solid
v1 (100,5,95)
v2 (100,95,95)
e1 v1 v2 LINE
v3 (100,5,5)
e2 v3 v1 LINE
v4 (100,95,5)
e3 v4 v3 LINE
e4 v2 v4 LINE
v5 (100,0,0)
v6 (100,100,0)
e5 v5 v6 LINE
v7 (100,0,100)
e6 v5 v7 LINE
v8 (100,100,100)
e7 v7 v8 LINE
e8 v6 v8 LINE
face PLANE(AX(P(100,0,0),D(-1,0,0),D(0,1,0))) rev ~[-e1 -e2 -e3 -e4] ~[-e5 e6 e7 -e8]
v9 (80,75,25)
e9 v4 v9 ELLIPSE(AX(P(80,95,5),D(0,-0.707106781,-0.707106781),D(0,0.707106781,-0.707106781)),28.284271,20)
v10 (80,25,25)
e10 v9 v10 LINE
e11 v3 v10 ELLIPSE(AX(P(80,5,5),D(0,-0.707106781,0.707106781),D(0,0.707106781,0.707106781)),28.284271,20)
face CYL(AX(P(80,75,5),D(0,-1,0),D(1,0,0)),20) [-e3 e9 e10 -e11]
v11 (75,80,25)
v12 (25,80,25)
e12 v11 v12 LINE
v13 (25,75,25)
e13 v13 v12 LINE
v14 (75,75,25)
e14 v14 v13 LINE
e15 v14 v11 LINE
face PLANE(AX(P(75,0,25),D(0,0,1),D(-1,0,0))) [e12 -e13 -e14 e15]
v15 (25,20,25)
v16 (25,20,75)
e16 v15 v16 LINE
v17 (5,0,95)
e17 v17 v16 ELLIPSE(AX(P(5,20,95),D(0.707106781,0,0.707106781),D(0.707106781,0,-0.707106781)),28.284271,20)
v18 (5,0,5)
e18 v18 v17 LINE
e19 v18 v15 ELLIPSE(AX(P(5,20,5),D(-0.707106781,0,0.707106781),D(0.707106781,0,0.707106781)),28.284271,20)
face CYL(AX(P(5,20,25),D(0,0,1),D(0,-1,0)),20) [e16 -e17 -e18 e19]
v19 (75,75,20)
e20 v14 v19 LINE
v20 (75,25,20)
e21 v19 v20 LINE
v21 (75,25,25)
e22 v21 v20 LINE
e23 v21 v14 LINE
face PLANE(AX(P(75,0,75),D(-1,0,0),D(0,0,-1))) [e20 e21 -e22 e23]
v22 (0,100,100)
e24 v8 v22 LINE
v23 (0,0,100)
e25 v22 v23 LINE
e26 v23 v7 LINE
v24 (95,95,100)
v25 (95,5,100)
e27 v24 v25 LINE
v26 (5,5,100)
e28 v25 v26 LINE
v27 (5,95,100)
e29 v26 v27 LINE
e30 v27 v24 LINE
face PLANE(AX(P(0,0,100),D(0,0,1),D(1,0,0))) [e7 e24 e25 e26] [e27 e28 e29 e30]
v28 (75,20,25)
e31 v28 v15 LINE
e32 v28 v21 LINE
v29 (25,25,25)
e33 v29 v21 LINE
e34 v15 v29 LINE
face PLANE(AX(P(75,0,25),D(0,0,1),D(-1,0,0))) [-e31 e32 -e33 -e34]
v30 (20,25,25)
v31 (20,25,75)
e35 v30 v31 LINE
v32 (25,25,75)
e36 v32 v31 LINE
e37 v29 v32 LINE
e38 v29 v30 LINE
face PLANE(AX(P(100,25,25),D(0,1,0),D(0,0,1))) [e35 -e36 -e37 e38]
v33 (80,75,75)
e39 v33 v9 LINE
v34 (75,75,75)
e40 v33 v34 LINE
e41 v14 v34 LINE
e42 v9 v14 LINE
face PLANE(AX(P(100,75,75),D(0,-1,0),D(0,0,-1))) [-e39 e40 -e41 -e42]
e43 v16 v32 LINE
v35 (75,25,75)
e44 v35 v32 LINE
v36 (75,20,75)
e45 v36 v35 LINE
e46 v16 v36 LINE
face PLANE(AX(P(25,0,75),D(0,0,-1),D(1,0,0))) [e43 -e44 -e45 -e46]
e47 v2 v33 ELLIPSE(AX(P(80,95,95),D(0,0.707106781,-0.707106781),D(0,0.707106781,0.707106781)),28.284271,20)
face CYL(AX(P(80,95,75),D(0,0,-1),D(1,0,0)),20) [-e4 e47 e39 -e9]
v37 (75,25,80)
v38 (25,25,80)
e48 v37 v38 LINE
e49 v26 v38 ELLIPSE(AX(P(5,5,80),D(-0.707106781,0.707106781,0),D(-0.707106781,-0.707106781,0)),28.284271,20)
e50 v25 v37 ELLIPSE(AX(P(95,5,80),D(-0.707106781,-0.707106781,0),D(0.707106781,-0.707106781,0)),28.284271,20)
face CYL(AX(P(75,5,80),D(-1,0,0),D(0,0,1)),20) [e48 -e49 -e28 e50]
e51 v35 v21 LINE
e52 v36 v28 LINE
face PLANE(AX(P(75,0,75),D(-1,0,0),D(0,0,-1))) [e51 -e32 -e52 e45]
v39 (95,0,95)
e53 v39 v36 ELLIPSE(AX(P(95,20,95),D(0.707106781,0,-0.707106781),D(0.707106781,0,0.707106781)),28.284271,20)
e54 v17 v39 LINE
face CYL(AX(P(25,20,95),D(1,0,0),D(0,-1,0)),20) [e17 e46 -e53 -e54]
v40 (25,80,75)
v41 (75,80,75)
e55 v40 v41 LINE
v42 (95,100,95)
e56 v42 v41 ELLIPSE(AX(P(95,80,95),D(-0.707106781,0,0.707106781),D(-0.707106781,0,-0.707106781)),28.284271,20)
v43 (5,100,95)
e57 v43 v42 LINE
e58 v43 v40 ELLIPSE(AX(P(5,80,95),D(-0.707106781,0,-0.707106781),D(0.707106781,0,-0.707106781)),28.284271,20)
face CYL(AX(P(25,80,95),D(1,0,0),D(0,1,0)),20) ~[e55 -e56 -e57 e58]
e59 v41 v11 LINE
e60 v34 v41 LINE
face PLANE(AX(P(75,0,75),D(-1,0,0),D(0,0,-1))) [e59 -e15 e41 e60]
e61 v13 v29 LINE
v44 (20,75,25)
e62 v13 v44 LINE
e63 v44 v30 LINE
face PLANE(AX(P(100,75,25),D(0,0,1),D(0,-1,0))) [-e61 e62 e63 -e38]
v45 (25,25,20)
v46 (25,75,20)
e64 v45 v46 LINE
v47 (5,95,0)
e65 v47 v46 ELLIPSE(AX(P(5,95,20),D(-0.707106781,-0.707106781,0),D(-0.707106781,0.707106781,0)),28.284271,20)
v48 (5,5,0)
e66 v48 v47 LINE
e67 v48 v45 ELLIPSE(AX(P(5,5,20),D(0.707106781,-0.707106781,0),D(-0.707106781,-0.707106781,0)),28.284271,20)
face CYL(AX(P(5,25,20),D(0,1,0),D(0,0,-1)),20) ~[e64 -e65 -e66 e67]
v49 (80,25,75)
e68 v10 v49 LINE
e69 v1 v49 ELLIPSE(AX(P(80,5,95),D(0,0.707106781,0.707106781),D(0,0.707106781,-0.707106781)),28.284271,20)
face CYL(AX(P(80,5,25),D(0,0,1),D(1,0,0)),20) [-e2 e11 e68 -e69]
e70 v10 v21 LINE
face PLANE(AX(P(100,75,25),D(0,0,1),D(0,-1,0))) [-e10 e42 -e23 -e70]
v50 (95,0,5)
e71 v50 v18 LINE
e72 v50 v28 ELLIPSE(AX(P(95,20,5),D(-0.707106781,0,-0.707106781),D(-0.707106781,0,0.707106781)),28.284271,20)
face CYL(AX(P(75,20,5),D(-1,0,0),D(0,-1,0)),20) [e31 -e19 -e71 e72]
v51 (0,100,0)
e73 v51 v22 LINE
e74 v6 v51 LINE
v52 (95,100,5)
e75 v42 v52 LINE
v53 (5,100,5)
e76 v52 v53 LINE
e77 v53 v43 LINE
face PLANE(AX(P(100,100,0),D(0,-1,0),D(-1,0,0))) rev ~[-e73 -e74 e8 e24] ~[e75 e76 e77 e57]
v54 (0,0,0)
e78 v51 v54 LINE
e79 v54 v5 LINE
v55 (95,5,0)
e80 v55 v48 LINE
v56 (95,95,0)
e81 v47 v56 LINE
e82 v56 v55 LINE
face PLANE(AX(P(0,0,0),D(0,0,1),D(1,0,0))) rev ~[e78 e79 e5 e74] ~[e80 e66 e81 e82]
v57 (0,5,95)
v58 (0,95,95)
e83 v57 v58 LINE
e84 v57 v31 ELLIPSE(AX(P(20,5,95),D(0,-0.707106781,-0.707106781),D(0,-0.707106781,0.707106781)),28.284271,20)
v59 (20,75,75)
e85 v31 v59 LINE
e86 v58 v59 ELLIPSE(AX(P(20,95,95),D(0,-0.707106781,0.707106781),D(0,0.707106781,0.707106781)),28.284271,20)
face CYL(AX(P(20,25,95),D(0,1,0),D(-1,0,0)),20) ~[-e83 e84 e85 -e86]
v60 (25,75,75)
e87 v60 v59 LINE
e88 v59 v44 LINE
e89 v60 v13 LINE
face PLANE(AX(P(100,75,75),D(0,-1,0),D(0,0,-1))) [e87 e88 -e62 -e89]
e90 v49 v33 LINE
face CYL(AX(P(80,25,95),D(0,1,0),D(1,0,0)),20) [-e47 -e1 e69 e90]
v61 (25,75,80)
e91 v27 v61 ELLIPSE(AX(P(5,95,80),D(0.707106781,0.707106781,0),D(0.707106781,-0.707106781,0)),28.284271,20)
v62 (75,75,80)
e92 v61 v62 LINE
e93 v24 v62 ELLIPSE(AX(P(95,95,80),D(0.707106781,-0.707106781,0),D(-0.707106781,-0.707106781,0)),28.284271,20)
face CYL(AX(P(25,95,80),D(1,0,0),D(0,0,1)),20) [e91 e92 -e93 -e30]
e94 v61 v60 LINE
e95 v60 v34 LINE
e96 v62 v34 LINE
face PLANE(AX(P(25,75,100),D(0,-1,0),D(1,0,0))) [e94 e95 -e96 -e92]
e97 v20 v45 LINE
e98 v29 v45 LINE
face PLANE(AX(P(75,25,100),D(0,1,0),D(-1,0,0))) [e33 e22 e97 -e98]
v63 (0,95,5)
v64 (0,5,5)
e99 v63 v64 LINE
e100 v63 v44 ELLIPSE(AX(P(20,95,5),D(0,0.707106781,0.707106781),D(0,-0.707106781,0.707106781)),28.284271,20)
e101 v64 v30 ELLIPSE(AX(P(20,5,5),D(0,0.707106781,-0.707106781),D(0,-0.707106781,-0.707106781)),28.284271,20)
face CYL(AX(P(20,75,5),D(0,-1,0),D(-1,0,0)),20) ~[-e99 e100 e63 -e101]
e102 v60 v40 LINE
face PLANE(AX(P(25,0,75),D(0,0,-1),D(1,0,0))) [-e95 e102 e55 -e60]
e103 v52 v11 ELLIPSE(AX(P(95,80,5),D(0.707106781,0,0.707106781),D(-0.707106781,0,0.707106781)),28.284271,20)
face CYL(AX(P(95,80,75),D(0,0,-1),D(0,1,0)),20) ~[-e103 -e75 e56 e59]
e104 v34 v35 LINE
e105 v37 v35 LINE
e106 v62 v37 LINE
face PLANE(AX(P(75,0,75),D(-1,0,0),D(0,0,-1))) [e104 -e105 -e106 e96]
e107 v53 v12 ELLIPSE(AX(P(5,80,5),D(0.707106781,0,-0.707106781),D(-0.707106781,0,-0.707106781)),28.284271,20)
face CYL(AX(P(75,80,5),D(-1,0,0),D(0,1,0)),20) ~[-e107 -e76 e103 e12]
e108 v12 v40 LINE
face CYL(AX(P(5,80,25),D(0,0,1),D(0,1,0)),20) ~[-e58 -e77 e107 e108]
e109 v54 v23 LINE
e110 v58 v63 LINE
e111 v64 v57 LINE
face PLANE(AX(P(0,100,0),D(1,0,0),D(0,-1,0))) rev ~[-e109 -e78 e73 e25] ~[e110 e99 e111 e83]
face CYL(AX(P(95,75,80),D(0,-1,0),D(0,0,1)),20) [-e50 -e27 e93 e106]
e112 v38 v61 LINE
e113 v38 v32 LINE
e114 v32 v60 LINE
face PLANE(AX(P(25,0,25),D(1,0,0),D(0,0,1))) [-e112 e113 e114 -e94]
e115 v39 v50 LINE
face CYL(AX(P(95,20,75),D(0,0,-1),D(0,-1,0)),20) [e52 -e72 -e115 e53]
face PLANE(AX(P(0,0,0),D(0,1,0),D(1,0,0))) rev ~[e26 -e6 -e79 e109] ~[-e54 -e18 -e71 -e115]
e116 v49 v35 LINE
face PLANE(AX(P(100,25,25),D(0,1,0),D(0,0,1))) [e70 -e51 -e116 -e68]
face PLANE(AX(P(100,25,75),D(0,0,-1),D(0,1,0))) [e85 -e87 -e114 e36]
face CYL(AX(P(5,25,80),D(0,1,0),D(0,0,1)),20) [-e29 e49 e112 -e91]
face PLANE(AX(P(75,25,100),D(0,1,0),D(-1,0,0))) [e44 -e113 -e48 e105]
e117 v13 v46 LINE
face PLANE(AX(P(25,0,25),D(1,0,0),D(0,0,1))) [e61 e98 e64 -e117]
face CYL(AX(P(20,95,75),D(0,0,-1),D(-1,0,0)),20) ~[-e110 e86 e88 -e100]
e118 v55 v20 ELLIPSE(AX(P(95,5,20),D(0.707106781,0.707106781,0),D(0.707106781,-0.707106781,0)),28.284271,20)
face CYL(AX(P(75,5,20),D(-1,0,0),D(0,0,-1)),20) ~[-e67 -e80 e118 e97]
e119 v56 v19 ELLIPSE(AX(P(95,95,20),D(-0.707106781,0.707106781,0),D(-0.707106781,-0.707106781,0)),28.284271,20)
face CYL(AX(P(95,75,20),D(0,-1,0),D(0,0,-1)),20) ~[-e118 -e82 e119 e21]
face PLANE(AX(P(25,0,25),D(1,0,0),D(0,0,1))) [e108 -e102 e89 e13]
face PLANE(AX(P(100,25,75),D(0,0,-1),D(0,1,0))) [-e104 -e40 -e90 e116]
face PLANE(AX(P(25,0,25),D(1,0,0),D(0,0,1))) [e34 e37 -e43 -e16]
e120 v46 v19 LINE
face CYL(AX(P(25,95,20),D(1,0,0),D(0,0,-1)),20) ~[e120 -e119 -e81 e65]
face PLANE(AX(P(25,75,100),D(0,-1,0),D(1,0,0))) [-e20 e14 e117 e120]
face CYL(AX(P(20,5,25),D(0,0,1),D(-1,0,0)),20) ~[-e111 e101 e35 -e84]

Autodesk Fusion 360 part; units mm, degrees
sketch "Sketch1" plane through (0, 0, 0) normal (0, 0, 1) x (1, 0, 0)
  line L0 (0, 0) -> (100, 0)
  line L1 (100, 0) -> (100, 100)
  line L2 (100, 100) -> (0, 100)
  line L3 (0, 100) -> (0, 0)
extrude "Extrude1" add sketch "Sketch1" along normal blind 100
sketch "Sketch2" plane through (0, 0, 100) normal (0, 0, 1) x (-1, 0, 0)
  line L0 (0, -100) -> (0, 0)
  line L1 (0, 0) -> (-100, 0)
  line L2 (-100, 0) -> (-100, -100)
  line L3 (-100, -100) -> (0, -100)
  line L4 (-25, -75) -> (-75, -75)
  line L5 (-75, -75) -> (-75, -25)
  line L6 (-75, -25) -> (-25, -25)
  line L7 (-25, -25) -> (-25, -75)
extrude "Extrude2" cut sketch "Sketch2" against normal blind 100 contours L4 L5 L6 L7
sketch "Sketch3" plane through (0, 0, 0) normal (0, -1, 0) x (1, 0, 0)
  line L0 (0, 0) -> (100, 0)
  line L1 (100, 0) -> (100, 100)
  line L2 (100, 100) -> (0, 100)
  line L3 (0, 100) -> (0, 0)
  line L4 (25, 75) -> (75, 75)
  line L5 (75, 75) -> (75, 25)
  line L6 (75, 25) -> (25, 25)
  line L7 (25, 25) -> (25, 75)
extrude "Extrude3" cut sketch "Sketch3" against normal blind 100 contours L4 L5 L6 L7
sketch "Sketch4" plane through (100, 0, 0) normal (1, 0, 0) x (0, 1, 0)
  line L0 (0, 0) -> (100, 0)
  line L1 (100, 0) -> (100, 100)
  line L2 (100, 100) -> (0, 100)
  line L3 (0, 100) -> (0, 0)
  line L4 (25, 75) -> (75, 75)
  line L5 (75, 75) -> (75, 25)
  line L6 (75, 25) -> (25, 25)
  line L7 (25, 25) -> (25, 75)
extrude "Extrude4" cut sketch "Sketch4" against normal blind 100 contours L4 L5 L6 L7
fillet "Fillet1" radius 20 12 edges at (75, 50, 100) (50, 25, 100) (50, 75, 100) (25, 50, 100) (50, 100, 25) (75, 100, 50) (50, 100, 75) (25, 100, 50) (0, 50, 25) (0, 25, 50) (0, 50, 75) (0, 75, 50)
fillet "Fillet2" radius 20 12 edges at (50, 0, 75) (25, 0, 50) (50, 0, 25) (75, 0, 50) (100, 50, 75) (100, 25, 50) (100, 75, 50) (100, 50, 25) (75, 50, 0) (50, 25, 0) (25, 50, 0) (50, 75, 0)
